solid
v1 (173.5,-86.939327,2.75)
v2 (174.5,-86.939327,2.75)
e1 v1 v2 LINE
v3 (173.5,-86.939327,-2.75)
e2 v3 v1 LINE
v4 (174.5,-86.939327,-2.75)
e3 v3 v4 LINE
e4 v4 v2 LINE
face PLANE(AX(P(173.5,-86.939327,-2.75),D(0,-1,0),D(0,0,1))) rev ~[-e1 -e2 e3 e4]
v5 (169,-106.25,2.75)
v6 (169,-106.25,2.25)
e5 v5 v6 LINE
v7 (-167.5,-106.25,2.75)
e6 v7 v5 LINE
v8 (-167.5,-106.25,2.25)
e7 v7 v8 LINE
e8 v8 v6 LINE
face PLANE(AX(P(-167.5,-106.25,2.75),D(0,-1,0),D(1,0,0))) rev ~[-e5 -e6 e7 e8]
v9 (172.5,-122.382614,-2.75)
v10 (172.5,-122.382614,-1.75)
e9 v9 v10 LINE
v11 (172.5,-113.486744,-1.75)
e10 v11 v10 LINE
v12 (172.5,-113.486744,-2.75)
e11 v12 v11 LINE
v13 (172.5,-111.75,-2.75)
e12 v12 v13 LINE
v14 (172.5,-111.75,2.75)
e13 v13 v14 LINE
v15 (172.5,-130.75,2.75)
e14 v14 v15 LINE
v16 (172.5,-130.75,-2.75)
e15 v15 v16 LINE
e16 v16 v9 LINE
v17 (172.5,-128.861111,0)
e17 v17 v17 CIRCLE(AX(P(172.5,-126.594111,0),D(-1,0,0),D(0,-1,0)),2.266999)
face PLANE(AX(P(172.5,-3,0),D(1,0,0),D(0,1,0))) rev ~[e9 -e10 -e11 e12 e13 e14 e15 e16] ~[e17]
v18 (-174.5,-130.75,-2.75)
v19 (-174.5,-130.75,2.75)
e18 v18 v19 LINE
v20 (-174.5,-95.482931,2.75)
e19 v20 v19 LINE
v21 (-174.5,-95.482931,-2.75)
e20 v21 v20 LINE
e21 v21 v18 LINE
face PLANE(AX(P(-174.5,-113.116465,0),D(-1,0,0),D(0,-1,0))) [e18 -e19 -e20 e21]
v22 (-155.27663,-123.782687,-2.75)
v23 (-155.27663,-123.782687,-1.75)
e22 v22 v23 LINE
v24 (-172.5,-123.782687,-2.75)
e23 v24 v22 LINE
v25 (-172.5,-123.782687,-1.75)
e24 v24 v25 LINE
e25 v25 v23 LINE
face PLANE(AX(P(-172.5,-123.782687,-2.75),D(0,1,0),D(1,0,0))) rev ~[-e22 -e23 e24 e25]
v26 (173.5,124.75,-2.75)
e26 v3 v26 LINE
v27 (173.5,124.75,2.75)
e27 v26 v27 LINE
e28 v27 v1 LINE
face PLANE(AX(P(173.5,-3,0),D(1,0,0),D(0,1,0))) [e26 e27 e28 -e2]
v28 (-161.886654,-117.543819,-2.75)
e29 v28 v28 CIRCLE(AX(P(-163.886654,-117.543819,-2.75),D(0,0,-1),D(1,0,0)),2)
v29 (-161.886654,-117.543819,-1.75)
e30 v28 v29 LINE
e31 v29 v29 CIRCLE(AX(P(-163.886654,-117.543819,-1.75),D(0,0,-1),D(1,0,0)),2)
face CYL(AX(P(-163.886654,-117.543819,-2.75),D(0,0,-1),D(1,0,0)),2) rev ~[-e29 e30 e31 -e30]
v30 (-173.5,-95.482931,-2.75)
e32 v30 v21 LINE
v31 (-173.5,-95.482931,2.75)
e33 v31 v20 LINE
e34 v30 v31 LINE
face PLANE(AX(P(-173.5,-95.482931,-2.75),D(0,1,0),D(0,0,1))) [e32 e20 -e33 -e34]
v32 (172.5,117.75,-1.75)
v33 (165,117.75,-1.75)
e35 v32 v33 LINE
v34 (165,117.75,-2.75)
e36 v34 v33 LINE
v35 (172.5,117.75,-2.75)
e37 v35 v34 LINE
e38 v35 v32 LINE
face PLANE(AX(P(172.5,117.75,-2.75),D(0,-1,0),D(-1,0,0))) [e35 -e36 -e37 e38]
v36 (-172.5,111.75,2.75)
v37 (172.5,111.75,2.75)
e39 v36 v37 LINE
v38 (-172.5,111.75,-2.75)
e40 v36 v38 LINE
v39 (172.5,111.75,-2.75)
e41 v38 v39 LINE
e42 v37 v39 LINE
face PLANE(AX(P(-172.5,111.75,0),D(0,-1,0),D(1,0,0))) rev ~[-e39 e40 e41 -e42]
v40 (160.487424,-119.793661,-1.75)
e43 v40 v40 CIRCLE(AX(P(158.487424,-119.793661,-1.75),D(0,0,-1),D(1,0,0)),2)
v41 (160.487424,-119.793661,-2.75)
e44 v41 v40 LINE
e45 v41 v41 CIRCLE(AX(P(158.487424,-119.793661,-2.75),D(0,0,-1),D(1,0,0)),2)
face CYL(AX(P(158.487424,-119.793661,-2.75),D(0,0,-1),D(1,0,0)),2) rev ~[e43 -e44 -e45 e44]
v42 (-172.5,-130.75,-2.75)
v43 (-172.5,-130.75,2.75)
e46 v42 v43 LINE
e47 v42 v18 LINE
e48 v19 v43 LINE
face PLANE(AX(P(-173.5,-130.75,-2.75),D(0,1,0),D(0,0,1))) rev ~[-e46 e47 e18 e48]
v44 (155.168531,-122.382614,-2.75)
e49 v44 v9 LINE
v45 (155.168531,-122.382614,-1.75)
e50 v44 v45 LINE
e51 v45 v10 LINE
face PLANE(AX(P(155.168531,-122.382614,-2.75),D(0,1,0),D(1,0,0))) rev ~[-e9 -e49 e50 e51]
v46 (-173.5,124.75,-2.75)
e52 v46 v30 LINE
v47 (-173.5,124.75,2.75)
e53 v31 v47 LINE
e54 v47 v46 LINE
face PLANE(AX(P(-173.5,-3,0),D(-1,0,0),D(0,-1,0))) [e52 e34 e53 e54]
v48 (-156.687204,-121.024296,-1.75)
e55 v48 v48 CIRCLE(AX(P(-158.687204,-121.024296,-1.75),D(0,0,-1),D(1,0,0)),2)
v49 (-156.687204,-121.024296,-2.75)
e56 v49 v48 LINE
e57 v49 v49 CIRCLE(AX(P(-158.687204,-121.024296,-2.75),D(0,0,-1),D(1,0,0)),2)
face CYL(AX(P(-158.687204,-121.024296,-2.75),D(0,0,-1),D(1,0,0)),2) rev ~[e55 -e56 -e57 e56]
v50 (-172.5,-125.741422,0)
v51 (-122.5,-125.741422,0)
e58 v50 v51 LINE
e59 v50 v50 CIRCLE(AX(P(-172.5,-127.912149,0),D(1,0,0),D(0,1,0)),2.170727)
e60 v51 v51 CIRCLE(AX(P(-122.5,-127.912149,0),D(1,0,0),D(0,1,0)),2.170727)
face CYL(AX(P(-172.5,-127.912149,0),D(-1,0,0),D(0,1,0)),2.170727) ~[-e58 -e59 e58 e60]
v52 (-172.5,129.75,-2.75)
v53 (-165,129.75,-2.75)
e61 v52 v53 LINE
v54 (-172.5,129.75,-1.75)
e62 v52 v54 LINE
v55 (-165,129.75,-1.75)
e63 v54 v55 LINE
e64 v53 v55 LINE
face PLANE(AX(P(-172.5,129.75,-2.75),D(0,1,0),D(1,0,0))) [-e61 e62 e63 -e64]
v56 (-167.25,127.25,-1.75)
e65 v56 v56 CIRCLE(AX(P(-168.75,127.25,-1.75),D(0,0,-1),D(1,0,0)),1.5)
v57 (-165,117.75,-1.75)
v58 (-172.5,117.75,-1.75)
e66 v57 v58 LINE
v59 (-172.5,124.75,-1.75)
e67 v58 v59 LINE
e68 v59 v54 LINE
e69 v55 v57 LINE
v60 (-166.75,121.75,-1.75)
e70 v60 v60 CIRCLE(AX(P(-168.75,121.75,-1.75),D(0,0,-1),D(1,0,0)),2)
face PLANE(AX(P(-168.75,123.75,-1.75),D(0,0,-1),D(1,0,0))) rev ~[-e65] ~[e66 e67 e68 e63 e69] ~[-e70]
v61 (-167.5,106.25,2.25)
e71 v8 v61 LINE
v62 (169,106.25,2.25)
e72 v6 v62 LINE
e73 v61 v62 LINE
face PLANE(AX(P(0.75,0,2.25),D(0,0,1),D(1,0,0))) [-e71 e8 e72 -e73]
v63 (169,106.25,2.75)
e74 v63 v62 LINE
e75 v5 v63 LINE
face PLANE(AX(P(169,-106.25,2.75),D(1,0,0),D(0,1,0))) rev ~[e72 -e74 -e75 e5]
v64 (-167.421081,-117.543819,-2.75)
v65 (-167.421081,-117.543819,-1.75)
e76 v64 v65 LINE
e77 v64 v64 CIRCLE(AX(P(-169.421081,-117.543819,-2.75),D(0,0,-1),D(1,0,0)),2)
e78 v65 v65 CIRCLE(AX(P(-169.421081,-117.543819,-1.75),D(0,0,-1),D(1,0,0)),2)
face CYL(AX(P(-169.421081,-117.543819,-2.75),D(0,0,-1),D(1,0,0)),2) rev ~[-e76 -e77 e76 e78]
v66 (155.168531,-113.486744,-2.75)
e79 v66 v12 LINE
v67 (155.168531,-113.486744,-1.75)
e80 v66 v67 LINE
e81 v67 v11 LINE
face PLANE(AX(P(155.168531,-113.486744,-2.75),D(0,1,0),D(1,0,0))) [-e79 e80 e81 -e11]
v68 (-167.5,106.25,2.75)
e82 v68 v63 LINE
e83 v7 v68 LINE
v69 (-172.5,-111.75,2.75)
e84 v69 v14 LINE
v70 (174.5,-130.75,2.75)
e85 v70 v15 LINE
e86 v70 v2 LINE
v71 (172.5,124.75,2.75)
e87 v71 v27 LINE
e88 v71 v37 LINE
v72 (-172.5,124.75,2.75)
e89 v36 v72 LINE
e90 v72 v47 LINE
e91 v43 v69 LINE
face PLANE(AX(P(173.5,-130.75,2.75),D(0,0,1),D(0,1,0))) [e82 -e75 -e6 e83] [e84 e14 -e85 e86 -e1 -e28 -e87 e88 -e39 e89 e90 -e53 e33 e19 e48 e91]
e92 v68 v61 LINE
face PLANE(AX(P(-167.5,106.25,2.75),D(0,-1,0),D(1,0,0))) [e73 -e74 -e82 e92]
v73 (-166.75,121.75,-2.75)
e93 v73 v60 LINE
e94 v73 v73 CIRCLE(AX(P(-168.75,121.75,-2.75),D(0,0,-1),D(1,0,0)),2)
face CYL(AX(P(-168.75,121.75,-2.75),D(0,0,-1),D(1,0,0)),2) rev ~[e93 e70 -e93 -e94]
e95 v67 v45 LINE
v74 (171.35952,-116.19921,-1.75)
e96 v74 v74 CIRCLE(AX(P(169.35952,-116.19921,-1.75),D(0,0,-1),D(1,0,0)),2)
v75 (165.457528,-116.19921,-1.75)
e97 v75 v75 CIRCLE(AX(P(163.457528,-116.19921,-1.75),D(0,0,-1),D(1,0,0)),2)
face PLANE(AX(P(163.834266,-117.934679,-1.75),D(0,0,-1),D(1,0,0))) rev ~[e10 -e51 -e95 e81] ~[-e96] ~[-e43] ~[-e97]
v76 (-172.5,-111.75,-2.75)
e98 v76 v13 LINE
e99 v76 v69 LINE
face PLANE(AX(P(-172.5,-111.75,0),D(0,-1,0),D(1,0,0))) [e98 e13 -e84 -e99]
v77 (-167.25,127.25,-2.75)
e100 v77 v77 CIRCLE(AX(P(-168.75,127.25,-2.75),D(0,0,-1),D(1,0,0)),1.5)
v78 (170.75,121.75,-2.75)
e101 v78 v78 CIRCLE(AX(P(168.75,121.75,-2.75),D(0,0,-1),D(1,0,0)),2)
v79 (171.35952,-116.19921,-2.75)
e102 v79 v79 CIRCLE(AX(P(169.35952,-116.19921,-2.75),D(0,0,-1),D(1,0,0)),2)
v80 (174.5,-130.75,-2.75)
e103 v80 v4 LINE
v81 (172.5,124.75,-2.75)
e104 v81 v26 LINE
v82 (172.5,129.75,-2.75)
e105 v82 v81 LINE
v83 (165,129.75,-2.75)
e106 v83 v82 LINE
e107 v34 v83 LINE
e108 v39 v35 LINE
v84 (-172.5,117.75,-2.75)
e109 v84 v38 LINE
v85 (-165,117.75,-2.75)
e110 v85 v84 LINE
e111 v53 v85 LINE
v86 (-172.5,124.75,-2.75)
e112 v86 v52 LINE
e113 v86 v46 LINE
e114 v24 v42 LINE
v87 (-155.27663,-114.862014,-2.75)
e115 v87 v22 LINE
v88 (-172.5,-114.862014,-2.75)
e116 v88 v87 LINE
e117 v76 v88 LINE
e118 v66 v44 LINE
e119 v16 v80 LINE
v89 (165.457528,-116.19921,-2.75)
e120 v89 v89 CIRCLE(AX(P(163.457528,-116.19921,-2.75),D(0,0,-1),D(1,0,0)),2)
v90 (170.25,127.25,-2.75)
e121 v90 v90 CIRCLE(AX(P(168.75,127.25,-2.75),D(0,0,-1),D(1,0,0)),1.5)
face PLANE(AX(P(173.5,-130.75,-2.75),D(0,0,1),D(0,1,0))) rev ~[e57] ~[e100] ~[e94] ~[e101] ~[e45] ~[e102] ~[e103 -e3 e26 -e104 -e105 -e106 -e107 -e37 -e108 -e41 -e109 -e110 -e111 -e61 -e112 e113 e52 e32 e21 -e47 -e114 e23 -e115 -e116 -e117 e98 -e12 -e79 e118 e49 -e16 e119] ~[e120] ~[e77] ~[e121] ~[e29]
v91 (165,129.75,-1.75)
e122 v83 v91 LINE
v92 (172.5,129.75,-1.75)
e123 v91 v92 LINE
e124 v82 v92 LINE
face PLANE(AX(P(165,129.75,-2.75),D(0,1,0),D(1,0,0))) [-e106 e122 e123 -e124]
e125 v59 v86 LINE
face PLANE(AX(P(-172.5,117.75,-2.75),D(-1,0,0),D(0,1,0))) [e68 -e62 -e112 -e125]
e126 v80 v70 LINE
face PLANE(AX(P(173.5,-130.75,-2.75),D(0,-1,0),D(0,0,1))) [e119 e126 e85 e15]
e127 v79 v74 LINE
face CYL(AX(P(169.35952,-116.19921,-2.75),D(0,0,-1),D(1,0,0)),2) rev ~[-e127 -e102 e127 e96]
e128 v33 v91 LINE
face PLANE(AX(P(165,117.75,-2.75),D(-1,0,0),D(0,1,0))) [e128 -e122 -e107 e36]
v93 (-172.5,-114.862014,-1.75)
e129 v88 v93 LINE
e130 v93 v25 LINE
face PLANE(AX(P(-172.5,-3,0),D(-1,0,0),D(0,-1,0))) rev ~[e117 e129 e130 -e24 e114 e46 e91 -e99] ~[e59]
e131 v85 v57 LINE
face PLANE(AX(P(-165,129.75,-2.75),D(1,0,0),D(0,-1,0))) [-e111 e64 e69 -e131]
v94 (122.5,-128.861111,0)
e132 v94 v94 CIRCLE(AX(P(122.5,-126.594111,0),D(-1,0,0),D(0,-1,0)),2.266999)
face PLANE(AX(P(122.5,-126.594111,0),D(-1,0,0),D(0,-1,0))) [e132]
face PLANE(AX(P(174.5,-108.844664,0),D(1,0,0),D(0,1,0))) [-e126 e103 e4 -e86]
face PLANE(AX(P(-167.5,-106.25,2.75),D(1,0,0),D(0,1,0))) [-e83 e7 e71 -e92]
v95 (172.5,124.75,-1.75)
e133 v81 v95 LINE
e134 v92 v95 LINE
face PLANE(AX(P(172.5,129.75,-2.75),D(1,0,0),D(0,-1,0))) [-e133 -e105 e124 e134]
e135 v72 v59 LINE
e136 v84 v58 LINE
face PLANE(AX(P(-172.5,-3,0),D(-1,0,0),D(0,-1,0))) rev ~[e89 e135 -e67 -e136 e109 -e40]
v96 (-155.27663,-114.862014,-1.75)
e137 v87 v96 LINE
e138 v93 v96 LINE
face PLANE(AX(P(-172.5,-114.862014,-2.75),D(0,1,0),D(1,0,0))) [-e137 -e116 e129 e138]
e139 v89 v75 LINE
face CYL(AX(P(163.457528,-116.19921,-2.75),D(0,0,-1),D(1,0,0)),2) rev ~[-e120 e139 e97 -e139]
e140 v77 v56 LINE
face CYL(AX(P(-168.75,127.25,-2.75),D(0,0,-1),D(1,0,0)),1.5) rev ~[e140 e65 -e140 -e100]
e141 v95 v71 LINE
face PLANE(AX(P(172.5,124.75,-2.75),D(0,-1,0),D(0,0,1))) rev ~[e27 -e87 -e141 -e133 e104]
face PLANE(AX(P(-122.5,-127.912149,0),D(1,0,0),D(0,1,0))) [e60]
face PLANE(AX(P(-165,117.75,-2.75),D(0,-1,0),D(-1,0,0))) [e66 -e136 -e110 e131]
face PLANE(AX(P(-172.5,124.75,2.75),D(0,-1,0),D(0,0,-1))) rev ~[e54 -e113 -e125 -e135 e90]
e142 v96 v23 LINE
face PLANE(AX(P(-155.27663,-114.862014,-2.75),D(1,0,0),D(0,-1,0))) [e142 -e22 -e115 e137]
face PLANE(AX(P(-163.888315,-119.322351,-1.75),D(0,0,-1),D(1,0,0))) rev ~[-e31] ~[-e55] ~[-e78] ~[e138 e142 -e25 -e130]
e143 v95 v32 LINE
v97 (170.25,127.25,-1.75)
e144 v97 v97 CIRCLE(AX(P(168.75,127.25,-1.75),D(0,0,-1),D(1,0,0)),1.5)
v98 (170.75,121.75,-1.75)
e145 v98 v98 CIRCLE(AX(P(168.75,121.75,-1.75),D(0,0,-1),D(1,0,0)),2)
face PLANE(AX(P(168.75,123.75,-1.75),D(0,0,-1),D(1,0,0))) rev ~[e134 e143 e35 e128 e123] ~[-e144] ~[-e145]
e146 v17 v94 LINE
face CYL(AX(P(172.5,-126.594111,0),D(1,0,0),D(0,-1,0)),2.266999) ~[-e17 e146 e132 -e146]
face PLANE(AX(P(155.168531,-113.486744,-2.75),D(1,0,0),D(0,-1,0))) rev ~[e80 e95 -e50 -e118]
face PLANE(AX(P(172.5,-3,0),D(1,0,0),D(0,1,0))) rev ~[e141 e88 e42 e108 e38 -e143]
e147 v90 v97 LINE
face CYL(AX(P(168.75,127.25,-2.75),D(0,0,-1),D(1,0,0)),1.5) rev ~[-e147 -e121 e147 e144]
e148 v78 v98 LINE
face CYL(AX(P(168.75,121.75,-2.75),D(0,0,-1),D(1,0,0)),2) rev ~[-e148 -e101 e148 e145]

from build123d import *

# Parameters (mm, degrees)
F0_W      = 345
F0_H      = 223.5
F1_DEPTH  = 2.75
F2_W      = 336.5
F2_H      = 212.5
F3_DEPTH  = 0.5
F5_DEPTH  = 1
F7_DEPTH  = 1
F8_R      = 1.5
F8_R_2    = 2
F9_DEPTH  = 1
F10_R     = 1.5
F10_R_2   = 2
F11_DEPTH = 1
F12_W     = 35.267069459
F12_H     = 5.5
F13_DEPTH = 1
F14_W     = 17.2233697499
F14_H     = 8.9206725706
F14_R     = 2
F15_DEPTH = 1
F16_R     = 2.1707267793
F17_DEPTH = 50
F18_W     = 43.8106725812
F18_H     = 5.5
F19_DEPTH = 1
F20_W     = 17.3314685191
F20_H     = 8.8958692735
F20_R     = 2
F21_DEPTH = 1
F22_R     = 2.2669992326
F23_DEPTH = 50


with BuildPart() as f1:
    # F0 (on Top) → F1 (new body, symmetric)
    with BuildSketch(Plane.XY):
        Rectangle(F0_W, F0_H)
    extrude(amount=F1_DEPTH, both=True)

    # F2 (on face) → F3 (cut)
    with BuildSketch(Plane.XY.offset(2.75)):
        with Locations((0.75, 0)):
            Rectangle(F2_W, F2_H)
    extrude(amount=-F3_DEPTH, mode=Mode.SUBTRACT)

    # F4 (on face) → F5 (join)
    with BuildSketch(Plane(origin=(-172.5, 0, 0), x_dir=(0, -1, 0), z_dir=(-1, 0, 0))):
        Polygon((-111.75, 2.75), (-124.75, 2.75), (-124.75, -2.75), (-111.75, -2.75), (111.75, -2.75), (130.75, -2.75), (130.75, 2.75), (111.75, 2.75), align=None)
    extrude(amount=F5_DEPTH)

    # F6 (on face) → F7 (join)
    with BuildSketch(Plane.YZ.offset(172.5)):
        Polygon((124.75, 2.75), (111.75, 2.75), (-111.75, 2.75), (-130.75, 2.75), (-130.75, -2.75), (-111.75, -2.75), (111.75, -2.75), (124.75, -2.75), align=None)
    extrude(amount=F7_DEPTH)

    # F8 (on face) → F9 (join)
    with BuildSketch(Plane(origin=(0, 0, -2.75), x_dir=(1, 0, 0), z_dir=(0, 0, -1))):
        Polygon((-172.5, -117.75), (-172.5, -124.75), (-172.5, -129.75), (-165, -129.75), (-165, -117.75), align=None)
        with Locations((-168.75, -127.25)):
            Circle(F8_R, mode=Mode.SUBTRACT)
        with Locations((-168.75, -121.75)):
            Circle(F8_R_2, mode=Mode.SUBTRACT)
    extrude(amount=-F9_DEPTH)

    # F10 (on face) → F11 (join)
    with BuildSketch(Plane(origin=(0, 0, -2.75), x_dir=(1, 0, 0), z_dir=(0, 0, -1))):
        Polygon((165, -117.75), (165, -129.75), (172.5, -129.75), (172.5, -124.75), (172.5, -117.75), align=None)
        with Locations((168.75, -127.25)):
            Circle(F10_R, mode=Mode.SUBTRACT)
        with Locations((168.75, -121.75)):
            Circle(F10_R_2, mode=Mode.SUBTRACT)
    extrude(amount=-F11_DEPTH)

    # F12 (on face) → F13 (join)
    with BuildSketch(Plane(origin=(-173.5, 0, 0), x_dir=(0, -1, 0), z_dir=(-1, 0, 0))):
        with Locations((113.1164652705, 0)):
            Rectangle(F12_W, F12_H)
    extrude(amount=F13_DEPTH)

    # F14 (on face) → F15 (join)
    with BuildSketch(Plane(origin=(0, 0, -2.75), x_dir=(1, 0, 0), z_dir=(0, 0, -1))):
        with Locations((-163.8883151251, 119.3223506039)):
            Rectangle(F14_W, F14_H)
        with Locations((-169.4210810497, 117.5438189247)):
            Circle(F14_R, mode=Mode.SUBTRACT)
        with Locations((-163.8866538361, 117.5438189247)):
            Circle(F14_R, mode=Mode.SUBTRACT)
        with Locations((-158.6872041225, 121.0242956877)):
            Circle(F14_R, mode=Mode.SUBTRACT)
    extrude(amount=-F15_DEPTH)

    # F16 (on face) → F17 (join)
    with BuildSketch(Plane.YZ.offset(-172.5)):
        with Locations((-127.9121488333, 0)):
            Circle(F16_R)
    extrude(amount=F17_DEPTH)

    # F18 (on face) → F19 (join)
    with BuildSketch(Plane.YZ.offset(173.5)):
        with Locations((-108.8446637094, 0)):
            Rectangle(F18_W, F18_H)
    extrude(amount=F19_DEPTH)

    # F20 (on face) → F21 (join)
    with BuildSketch(Plane(origin=(0, 0, -2.75), x_dir=(1, 0, 0), z_dir=(0, 0, -1))):
        with Locations((163.8342657404, 117.9346791002)):
            Rectangle(F20_W, F20_H)
        with Locations((163.4575277567, 116.1992102861)):
            Circle(F20_R, mode=Mode.SUBTRACT)
        with Locations((158.4874242544, 119.7936609387)):
            Circle(F20_R, mode=Mode.SUBTRACT)
        with Locations((169.3595200777, 116.1992102861)):
            Circle(F20_R, mode=Mode.SUBTRACT)
    extrude(amount=-F21_DEPTH)

    # F22 (on face) → F23 (join)
    with BuildSketch(Plane(origin=(172.5, 0, 0), x_dir=(0, -1, 0), z_dir=(-1, 0, 0))):
        with Locations((126.5941113234, 0)):
            Circle(F22_R)
    extrude(amount=F23_DEPTH)


solid = f1.part
